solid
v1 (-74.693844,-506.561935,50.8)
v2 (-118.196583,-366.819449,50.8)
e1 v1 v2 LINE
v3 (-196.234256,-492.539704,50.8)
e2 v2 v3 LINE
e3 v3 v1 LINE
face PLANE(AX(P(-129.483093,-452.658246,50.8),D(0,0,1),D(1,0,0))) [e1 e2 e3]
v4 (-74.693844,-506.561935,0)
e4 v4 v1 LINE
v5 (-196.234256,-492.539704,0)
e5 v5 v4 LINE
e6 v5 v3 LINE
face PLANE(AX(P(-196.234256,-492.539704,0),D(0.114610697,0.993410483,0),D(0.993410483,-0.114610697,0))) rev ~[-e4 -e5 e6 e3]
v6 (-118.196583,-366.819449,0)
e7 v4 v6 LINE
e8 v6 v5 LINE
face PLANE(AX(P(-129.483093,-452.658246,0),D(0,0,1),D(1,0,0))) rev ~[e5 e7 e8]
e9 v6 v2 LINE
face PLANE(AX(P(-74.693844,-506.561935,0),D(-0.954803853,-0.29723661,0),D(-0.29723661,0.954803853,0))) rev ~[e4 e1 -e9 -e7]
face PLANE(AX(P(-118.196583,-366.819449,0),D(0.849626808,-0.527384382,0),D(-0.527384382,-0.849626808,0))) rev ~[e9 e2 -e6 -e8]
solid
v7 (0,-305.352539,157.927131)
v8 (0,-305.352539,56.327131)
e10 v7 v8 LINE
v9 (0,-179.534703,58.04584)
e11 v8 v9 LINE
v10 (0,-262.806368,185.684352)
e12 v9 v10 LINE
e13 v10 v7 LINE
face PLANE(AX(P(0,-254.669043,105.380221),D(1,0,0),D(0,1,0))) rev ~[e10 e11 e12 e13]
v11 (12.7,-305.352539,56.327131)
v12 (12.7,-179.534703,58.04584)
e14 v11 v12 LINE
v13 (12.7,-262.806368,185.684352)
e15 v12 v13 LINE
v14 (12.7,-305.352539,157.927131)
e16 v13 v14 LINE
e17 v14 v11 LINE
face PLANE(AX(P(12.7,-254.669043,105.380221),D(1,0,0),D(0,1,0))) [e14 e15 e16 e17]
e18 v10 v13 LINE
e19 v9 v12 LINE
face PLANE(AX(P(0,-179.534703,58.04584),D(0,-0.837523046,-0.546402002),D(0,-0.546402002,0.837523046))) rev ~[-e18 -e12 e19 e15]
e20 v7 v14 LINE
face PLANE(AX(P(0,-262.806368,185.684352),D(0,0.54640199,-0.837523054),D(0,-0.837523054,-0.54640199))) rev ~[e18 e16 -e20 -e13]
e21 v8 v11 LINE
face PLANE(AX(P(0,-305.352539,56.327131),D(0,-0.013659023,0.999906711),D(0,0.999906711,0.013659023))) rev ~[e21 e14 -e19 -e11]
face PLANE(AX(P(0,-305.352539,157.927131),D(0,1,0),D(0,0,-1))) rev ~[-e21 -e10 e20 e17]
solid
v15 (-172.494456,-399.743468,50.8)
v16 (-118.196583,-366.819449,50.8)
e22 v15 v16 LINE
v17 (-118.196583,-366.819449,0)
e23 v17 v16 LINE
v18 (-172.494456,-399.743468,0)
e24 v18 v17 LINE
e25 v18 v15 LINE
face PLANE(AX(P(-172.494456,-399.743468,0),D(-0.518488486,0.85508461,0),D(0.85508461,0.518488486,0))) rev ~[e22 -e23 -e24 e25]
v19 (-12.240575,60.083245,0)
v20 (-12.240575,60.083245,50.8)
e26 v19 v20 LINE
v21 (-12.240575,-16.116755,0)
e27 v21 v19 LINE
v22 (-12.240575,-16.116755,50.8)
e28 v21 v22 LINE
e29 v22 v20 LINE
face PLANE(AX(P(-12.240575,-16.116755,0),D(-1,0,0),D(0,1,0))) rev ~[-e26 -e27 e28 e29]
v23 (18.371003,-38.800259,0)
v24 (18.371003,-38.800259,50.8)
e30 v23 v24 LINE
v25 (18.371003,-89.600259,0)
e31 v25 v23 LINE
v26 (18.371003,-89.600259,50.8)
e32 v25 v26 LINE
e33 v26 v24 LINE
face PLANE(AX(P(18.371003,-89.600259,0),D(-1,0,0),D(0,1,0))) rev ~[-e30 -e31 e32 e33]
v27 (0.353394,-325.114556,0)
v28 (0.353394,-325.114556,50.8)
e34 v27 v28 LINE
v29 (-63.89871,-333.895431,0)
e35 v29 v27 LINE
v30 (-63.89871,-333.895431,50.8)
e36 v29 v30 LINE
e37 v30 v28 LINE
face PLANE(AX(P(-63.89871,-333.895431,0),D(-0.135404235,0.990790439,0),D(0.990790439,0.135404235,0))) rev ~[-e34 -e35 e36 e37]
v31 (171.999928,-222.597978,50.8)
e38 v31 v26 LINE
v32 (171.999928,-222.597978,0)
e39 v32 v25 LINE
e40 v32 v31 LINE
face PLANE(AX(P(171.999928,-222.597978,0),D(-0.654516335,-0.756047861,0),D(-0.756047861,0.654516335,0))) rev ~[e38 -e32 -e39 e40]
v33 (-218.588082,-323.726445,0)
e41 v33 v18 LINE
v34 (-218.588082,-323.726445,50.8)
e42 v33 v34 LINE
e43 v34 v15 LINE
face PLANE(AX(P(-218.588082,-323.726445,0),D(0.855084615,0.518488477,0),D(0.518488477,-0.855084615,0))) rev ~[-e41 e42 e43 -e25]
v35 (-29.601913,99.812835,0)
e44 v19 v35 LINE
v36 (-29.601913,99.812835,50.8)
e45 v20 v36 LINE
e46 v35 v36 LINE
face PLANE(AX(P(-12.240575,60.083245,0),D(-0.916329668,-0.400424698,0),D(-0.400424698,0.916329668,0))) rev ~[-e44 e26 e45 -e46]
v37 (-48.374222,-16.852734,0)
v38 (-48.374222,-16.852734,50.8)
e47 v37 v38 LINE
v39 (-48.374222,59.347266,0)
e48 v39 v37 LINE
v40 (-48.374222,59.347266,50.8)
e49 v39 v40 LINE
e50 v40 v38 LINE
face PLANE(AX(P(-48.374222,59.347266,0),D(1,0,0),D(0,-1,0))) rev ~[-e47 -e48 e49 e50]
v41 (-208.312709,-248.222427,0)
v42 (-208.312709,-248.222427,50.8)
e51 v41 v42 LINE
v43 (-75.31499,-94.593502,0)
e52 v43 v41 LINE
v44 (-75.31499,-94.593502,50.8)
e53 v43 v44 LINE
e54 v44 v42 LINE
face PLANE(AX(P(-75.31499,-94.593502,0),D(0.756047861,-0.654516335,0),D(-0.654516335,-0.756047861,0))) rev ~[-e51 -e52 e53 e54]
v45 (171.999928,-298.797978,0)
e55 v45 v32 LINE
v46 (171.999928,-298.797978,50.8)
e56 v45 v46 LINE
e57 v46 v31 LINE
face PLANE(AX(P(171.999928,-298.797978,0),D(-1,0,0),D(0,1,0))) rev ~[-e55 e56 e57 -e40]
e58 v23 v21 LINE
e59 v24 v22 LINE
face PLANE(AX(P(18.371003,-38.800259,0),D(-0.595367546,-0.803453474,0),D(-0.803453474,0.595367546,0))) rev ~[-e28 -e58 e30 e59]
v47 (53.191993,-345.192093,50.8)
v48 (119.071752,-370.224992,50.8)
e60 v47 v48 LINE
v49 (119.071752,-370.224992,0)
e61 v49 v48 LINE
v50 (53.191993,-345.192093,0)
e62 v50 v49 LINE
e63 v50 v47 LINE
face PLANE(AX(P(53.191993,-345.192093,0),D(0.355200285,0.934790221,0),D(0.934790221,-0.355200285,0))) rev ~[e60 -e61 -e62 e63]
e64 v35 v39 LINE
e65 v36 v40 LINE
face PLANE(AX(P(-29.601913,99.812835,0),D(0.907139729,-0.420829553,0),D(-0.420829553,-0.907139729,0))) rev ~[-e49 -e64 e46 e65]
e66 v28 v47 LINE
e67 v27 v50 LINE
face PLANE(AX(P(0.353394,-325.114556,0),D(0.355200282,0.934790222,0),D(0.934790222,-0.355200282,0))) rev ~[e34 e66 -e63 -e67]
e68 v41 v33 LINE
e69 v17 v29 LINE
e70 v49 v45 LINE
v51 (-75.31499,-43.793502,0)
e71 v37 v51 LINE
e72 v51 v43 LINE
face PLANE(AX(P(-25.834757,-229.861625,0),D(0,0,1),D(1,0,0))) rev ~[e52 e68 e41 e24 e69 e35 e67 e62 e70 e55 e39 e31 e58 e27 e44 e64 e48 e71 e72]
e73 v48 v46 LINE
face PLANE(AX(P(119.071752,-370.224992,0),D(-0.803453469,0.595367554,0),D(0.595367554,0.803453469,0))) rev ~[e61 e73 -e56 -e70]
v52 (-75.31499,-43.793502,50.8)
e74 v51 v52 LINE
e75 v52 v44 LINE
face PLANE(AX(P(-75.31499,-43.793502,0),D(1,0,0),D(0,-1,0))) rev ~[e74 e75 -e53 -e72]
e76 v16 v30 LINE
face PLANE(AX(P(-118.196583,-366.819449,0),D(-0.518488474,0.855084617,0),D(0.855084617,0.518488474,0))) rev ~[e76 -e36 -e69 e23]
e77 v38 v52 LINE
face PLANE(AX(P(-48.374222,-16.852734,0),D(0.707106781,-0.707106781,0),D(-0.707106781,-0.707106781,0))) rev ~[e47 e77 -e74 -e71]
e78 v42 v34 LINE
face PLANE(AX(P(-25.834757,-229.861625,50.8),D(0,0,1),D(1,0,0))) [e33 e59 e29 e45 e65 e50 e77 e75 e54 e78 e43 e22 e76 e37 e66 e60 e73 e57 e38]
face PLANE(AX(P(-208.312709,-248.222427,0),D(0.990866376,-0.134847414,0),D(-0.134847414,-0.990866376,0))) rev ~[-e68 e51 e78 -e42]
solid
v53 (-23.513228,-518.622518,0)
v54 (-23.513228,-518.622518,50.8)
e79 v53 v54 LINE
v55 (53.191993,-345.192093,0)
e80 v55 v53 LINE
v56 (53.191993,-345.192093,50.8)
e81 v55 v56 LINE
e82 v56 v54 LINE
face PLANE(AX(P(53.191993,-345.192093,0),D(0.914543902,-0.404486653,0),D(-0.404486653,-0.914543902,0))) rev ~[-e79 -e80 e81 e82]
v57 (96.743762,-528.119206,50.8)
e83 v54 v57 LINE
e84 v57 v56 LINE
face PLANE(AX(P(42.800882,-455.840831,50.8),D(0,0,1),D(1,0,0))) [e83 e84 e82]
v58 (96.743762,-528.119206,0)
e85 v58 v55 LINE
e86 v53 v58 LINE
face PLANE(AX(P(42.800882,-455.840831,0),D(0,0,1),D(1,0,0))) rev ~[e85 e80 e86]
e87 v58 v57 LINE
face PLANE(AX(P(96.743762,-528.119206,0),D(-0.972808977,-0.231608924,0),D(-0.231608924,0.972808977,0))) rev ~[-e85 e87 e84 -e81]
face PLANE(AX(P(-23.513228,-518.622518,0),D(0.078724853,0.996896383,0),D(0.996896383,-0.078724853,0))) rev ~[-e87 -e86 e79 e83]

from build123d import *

# Parameters (mm, degrees)
F1_DEPTH = 50.8
F3_DEPTH = 12.7


with BuildPart() as f1:
    # F0 (on Top) → F1 (new body)
    with BuildSketch(Plane.XY):
        Polygon((-12.240575, -16.116755), (-48.374222, -16.852734), (-75.31499, -43.793502), (-75.31499, -94.593502), (-208.312709, -248.222427), (-218.588082, -323.726445), (-172.494456, -399.743468), (-118.196583, -366.819449), (-63.89871, -333.895431), (0.353394, -325.114556), (53.191993, -345.192093), (119.071752, -370.224992), (171.999928, -298.797978), (171.999928, -222.597978), (18.371003, -89.600259), (18.371003, -38.800259), align=None)
        Polygon((-29.601913, 99.812835), (-48.374222, 59.347266), (-48.374222, -16.852734), (-12.240575, -16.116755), (-12.240575, 60.083245), align=None)
        Polygon((96.743762, -528.119206), (53.191993, -345.192093), (-23.513228, -518.622518), align=None)
        Polygon((-74.693844, -506.561935), (-118.196583, -366.819449), (-196.234256, -492.539704), align=None)
    extrude(amount=F1_DEPTH)


with BuildPart() as f3:
    # F2 (on Right) → F3 (new body)
    with BuildSketch(Plane.YZ):
        Polygon((-305.352539, 157.927131), (-305.352539, 56.327131), (-179.534703, 58.04584), (-262.806368, 185.684352), align=None)
    extrude(amount=F3_DEPTH)


solid = Compound([f1.part, f3.part])
